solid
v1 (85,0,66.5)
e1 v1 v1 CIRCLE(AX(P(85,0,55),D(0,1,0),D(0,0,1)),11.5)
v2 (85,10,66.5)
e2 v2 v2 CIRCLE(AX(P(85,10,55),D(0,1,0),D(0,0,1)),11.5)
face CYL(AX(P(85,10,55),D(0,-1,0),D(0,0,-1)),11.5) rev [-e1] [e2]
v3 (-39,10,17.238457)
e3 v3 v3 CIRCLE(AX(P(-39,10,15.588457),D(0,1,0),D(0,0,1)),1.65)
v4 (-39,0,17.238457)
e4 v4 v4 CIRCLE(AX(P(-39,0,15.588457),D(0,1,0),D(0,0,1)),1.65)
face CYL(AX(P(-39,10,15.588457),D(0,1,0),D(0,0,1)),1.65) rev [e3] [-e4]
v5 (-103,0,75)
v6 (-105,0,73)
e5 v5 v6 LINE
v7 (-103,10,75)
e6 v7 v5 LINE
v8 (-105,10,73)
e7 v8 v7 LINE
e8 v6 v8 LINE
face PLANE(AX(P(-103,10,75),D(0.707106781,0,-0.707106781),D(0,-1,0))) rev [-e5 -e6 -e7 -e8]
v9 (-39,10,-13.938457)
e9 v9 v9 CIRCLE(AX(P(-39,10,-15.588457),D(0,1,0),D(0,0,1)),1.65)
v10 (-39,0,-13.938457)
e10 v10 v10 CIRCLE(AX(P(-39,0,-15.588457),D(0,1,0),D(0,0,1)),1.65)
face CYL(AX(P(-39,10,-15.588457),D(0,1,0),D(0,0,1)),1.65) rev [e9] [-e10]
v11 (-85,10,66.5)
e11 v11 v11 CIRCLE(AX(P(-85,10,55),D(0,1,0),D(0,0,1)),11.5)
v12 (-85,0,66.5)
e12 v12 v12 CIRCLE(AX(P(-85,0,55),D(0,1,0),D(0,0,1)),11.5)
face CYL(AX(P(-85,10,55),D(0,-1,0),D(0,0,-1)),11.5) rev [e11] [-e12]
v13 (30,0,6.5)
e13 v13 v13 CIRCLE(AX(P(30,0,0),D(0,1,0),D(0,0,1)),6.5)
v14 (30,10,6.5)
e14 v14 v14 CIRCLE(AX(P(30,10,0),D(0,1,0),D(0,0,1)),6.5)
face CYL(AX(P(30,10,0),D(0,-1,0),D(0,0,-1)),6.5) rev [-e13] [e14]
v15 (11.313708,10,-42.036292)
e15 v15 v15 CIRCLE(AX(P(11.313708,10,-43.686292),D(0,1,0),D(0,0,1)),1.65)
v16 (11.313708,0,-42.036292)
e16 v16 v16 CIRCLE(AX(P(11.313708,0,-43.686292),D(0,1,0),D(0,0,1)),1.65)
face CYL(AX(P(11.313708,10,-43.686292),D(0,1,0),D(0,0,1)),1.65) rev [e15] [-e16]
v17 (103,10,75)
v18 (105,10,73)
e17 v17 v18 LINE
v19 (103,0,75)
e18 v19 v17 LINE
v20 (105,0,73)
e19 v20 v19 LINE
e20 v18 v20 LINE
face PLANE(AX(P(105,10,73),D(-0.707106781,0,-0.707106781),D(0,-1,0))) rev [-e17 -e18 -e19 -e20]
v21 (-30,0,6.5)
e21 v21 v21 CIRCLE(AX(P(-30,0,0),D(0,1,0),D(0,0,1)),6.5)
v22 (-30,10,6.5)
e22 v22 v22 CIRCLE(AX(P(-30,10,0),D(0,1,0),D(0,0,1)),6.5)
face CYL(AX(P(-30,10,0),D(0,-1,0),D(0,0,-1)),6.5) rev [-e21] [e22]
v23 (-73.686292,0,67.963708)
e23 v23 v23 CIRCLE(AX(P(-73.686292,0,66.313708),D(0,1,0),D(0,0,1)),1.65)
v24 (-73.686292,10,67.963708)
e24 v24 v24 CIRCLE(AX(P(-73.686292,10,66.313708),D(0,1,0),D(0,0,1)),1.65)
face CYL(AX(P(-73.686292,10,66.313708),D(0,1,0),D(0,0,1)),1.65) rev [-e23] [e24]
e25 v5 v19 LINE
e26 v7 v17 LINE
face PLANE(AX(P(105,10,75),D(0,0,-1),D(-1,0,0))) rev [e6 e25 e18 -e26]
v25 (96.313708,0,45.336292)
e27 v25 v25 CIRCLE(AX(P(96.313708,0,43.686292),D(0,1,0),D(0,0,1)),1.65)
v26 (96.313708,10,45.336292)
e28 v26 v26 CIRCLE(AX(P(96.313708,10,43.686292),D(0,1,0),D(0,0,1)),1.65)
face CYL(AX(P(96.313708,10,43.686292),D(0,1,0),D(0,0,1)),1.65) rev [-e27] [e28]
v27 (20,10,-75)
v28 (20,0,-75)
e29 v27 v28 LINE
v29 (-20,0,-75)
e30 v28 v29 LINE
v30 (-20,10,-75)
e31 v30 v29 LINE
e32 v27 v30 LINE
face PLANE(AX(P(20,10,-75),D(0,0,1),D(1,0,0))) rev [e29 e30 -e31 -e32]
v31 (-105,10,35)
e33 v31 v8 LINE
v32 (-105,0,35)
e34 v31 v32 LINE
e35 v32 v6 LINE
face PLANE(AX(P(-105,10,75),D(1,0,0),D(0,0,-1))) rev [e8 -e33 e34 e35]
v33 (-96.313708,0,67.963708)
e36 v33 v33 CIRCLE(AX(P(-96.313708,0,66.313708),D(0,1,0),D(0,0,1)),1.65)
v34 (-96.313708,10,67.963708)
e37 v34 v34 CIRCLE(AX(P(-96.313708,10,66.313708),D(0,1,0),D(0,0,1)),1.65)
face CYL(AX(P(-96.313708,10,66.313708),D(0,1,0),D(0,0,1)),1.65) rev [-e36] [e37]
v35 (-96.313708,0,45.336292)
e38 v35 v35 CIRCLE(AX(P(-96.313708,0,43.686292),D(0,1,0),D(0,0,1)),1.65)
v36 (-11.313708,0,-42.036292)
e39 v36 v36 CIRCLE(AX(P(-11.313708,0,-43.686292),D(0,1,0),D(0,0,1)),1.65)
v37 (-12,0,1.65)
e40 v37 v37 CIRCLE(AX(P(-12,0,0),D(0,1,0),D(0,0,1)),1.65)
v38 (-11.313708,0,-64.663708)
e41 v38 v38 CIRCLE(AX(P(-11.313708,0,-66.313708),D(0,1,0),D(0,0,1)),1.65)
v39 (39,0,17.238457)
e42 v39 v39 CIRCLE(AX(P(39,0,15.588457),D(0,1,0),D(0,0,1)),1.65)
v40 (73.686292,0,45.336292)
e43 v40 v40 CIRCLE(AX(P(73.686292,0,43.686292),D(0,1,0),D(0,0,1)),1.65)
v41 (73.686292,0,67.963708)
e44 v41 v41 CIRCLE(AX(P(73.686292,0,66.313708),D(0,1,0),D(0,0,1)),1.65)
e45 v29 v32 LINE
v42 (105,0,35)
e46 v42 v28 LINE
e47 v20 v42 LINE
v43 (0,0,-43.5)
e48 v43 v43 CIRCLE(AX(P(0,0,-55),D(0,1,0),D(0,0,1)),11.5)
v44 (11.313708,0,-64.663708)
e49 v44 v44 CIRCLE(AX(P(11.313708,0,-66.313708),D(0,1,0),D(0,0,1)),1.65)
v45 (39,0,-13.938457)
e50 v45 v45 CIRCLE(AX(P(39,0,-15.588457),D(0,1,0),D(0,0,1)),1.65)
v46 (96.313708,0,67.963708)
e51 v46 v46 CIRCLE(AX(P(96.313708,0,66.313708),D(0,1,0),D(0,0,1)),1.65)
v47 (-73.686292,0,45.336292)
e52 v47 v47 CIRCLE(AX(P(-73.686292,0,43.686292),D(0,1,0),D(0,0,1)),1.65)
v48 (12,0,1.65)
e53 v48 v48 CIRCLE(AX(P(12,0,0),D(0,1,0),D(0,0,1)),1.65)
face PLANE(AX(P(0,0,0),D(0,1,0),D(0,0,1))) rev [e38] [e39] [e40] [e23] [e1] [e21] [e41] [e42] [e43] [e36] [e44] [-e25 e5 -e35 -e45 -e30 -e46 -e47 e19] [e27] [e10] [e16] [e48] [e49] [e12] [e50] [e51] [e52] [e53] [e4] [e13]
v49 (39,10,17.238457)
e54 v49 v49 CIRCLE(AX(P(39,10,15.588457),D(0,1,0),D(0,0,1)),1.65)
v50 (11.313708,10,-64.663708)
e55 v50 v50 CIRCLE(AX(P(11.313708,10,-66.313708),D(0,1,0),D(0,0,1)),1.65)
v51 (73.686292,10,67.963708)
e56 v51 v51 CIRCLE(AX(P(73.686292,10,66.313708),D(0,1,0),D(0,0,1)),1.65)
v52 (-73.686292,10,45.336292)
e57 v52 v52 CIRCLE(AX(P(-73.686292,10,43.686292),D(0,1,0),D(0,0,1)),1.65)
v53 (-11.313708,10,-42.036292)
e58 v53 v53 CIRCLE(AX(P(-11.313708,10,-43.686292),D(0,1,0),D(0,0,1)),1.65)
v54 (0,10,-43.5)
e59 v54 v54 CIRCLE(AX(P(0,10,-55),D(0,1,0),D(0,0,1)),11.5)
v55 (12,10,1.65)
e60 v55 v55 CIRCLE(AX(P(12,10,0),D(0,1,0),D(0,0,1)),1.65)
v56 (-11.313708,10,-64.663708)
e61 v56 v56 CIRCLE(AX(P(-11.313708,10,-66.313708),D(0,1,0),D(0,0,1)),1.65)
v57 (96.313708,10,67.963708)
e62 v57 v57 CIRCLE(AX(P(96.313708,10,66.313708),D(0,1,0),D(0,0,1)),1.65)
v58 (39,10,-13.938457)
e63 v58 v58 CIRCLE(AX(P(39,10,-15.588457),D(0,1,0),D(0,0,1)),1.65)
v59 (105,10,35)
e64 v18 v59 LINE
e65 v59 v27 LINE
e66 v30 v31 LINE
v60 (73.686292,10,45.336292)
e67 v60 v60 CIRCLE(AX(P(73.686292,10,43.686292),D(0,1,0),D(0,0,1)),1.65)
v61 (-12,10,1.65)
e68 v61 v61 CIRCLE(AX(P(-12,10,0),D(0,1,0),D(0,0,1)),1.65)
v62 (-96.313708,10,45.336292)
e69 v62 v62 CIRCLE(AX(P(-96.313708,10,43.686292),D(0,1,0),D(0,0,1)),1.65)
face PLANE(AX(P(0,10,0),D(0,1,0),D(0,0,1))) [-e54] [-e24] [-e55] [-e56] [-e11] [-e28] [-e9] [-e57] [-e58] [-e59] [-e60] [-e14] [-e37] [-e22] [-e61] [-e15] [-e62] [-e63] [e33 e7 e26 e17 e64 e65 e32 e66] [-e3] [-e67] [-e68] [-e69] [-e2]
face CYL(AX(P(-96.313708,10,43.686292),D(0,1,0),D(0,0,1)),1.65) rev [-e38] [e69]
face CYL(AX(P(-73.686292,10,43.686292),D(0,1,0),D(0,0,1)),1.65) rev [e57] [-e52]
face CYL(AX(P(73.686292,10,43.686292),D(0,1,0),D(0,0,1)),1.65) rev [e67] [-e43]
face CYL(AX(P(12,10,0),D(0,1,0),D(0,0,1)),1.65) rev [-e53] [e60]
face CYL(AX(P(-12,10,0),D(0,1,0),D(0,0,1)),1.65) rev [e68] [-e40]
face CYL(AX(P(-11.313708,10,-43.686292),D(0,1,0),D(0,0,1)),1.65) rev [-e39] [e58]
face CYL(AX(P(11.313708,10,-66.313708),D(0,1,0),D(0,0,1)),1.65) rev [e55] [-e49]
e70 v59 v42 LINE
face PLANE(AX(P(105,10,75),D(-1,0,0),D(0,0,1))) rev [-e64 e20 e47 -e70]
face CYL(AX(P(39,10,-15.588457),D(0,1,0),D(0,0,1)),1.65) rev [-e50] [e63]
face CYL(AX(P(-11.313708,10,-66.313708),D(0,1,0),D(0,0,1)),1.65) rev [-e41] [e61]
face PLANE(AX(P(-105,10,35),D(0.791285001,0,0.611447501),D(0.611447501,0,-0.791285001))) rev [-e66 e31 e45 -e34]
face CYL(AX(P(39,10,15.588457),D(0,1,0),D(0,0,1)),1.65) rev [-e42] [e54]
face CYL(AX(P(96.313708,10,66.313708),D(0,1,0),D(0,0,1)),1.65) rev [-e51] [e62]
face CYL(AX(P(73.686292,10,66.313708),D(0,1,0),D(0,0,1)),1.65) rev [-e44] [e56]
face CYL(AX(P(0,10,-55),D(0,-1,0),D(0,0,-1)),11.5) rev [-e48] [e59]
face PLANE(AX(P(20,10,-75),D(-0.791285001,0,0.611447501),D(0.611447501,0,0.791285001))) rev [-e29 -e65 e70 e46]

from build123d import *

# Parameters (mm, degrees)
SKETCH1_R             = 6.5
SKETCH1_R_2           = 11.5
BOSS_EXTRUDE1_DEPTH   = 10
CHAMFER1_SIZE         = 2
M4X0_7_TAPPED_HOLE1_D = 3.3
M4X0_7_TAPPED_HOLE2_D = 3.3
CIRPATTERN1_COUNT     = 3
MIRROR1_COPY_1_D      = 3.3
MIRROR1_COPY_2_D      = 3.3


with BuildPart() as part:
    # Sketch1 → Boss-Extrude1 (new body)
    with BuildSketch(Plane(origin=(0, 0, 0), x_dir=(1, 0, 0), z_dir=(0, 1, 0))):
        Polygon((-105, -35), (-20, 75), (20, 75), (105, -35), (105, -75), (65, -75), (-65, -75), (-105, -75), align=None)
        with Locations(Location((-30, 0, 0), (0, 0, 270))):
            Circle(SKETCH1_R, mode=Mode.SUBTRACT)
        with Locations(Location((30, 0, 0), (0, 0, 270))):
            Circle(SKETCH1_R, mode=Mode.SUBTRACT)
        with Locations(Location((0, 55, 0), (0, 0, 270))):
            Circle(SKETCH1_R_2, mode=Mode.SUBTRACT)
        with Locations(Location((85, -55, 0), (0, 0, 270))):
            Circle(SKETCH1_R_2, mode=Mode.SUBTRACT)
        with Locations(Location((-85, -55, 0), (0, 0, 270))):
            Circle(SKETCH1_R_2, mode=Mode.SUBTRACT)
    extrude(amount=BOSS_EXTRUDE1_DEPTH)

    # Chamfer1
    chamfer1_edges = [part.edges().sort_by_distance(p)[0] for p in [
        (105, 5, 75),
        (-105, 5, 75),
    ]]
    chamfer(chamfer1_edges, length=CHAMFER1_SIZE)

    # M4x0.7 Tapped Hole1 (through all)
    with Locations(Plane(origin=(-96.313708499, 10, 43.686291501), x_dir=(0, 0, 1), z_dir=(0, 1, 0))):
        with Locations((0, 0), (0, 22.627416998), (22.627416998, 22.627416998), (22.627416998, 0), (-87.372583002, 85), (-110, 85)):
            m4x0_7_tapped_hole1 = Hole(M4X0_7_TAPPED_HOLE1_D / 2)

    # M4x0.7 Tapped Hole2 (through all)
    with Locations(Plane(origin=(-12, 10, 0), x_dir=(0, 0, 1), z_dir=(0, 1, 0))):
        with Locations((0, 0)):
            m4x0_7_tapped_hole2 = Hole(M4X0_7_TAPPED_HOLE2_D / 2)

    # CirPattern1: M4x0.7 Tapped Hole2 ×3 about axis
    cirpattern1_axis = Axis((-30, 0, 0), (0, 1, 0))
    for i in range(1, CIRPATTERN1_COUNT):
        add(m4x0_7_tapped_hole2.rotate(cirpattern1_axis, i * 360 / CIRPATTERN1_COUNT), mode=Mode.SUBTRACT)

    # Mirror1: M4x0.7 Tapped Hole1, M4x0.7 Tapped Hole2 across plane
    add(m4x0_7_tapped_hole1.mirror(Plane(origin=(0, 0, 0), x_dir=(0, 0, 1), z_dir=(1, 0, 0))), mode=Mode.SUBTRACT)
    add(m4x0_7_tapped_hole2.mirror(Plane(origin=(0, 0, 0), x_dir=(0, 0, 1), z_dir=(1, 0, 0))), mode=Mode.SUBTRACT)

    # Mirror1 copy 1 (through all)
    with Locations(Plane(origin=(39, 10, -15.588457268), x_dir=(-0.8660254037844387, 0, -0.4999999999999998), z_dir=(0, 1, 0))):
        with Locations((0, 0)):
            Hole(MIRROR1_COPY_1_D / 2)

    # Mirror1 copy 2 (through all)
    with Locations(Plane(origin=(39, 10, 15.588457268), x_dir=(0.8660254037844384, 0, -0.5000000000000004), z_dir=(0, 1, 0))):
        with Locations((0, 0)):
            Hole(MIRROR1_COPY_2_D / 2)


solid = part.part
